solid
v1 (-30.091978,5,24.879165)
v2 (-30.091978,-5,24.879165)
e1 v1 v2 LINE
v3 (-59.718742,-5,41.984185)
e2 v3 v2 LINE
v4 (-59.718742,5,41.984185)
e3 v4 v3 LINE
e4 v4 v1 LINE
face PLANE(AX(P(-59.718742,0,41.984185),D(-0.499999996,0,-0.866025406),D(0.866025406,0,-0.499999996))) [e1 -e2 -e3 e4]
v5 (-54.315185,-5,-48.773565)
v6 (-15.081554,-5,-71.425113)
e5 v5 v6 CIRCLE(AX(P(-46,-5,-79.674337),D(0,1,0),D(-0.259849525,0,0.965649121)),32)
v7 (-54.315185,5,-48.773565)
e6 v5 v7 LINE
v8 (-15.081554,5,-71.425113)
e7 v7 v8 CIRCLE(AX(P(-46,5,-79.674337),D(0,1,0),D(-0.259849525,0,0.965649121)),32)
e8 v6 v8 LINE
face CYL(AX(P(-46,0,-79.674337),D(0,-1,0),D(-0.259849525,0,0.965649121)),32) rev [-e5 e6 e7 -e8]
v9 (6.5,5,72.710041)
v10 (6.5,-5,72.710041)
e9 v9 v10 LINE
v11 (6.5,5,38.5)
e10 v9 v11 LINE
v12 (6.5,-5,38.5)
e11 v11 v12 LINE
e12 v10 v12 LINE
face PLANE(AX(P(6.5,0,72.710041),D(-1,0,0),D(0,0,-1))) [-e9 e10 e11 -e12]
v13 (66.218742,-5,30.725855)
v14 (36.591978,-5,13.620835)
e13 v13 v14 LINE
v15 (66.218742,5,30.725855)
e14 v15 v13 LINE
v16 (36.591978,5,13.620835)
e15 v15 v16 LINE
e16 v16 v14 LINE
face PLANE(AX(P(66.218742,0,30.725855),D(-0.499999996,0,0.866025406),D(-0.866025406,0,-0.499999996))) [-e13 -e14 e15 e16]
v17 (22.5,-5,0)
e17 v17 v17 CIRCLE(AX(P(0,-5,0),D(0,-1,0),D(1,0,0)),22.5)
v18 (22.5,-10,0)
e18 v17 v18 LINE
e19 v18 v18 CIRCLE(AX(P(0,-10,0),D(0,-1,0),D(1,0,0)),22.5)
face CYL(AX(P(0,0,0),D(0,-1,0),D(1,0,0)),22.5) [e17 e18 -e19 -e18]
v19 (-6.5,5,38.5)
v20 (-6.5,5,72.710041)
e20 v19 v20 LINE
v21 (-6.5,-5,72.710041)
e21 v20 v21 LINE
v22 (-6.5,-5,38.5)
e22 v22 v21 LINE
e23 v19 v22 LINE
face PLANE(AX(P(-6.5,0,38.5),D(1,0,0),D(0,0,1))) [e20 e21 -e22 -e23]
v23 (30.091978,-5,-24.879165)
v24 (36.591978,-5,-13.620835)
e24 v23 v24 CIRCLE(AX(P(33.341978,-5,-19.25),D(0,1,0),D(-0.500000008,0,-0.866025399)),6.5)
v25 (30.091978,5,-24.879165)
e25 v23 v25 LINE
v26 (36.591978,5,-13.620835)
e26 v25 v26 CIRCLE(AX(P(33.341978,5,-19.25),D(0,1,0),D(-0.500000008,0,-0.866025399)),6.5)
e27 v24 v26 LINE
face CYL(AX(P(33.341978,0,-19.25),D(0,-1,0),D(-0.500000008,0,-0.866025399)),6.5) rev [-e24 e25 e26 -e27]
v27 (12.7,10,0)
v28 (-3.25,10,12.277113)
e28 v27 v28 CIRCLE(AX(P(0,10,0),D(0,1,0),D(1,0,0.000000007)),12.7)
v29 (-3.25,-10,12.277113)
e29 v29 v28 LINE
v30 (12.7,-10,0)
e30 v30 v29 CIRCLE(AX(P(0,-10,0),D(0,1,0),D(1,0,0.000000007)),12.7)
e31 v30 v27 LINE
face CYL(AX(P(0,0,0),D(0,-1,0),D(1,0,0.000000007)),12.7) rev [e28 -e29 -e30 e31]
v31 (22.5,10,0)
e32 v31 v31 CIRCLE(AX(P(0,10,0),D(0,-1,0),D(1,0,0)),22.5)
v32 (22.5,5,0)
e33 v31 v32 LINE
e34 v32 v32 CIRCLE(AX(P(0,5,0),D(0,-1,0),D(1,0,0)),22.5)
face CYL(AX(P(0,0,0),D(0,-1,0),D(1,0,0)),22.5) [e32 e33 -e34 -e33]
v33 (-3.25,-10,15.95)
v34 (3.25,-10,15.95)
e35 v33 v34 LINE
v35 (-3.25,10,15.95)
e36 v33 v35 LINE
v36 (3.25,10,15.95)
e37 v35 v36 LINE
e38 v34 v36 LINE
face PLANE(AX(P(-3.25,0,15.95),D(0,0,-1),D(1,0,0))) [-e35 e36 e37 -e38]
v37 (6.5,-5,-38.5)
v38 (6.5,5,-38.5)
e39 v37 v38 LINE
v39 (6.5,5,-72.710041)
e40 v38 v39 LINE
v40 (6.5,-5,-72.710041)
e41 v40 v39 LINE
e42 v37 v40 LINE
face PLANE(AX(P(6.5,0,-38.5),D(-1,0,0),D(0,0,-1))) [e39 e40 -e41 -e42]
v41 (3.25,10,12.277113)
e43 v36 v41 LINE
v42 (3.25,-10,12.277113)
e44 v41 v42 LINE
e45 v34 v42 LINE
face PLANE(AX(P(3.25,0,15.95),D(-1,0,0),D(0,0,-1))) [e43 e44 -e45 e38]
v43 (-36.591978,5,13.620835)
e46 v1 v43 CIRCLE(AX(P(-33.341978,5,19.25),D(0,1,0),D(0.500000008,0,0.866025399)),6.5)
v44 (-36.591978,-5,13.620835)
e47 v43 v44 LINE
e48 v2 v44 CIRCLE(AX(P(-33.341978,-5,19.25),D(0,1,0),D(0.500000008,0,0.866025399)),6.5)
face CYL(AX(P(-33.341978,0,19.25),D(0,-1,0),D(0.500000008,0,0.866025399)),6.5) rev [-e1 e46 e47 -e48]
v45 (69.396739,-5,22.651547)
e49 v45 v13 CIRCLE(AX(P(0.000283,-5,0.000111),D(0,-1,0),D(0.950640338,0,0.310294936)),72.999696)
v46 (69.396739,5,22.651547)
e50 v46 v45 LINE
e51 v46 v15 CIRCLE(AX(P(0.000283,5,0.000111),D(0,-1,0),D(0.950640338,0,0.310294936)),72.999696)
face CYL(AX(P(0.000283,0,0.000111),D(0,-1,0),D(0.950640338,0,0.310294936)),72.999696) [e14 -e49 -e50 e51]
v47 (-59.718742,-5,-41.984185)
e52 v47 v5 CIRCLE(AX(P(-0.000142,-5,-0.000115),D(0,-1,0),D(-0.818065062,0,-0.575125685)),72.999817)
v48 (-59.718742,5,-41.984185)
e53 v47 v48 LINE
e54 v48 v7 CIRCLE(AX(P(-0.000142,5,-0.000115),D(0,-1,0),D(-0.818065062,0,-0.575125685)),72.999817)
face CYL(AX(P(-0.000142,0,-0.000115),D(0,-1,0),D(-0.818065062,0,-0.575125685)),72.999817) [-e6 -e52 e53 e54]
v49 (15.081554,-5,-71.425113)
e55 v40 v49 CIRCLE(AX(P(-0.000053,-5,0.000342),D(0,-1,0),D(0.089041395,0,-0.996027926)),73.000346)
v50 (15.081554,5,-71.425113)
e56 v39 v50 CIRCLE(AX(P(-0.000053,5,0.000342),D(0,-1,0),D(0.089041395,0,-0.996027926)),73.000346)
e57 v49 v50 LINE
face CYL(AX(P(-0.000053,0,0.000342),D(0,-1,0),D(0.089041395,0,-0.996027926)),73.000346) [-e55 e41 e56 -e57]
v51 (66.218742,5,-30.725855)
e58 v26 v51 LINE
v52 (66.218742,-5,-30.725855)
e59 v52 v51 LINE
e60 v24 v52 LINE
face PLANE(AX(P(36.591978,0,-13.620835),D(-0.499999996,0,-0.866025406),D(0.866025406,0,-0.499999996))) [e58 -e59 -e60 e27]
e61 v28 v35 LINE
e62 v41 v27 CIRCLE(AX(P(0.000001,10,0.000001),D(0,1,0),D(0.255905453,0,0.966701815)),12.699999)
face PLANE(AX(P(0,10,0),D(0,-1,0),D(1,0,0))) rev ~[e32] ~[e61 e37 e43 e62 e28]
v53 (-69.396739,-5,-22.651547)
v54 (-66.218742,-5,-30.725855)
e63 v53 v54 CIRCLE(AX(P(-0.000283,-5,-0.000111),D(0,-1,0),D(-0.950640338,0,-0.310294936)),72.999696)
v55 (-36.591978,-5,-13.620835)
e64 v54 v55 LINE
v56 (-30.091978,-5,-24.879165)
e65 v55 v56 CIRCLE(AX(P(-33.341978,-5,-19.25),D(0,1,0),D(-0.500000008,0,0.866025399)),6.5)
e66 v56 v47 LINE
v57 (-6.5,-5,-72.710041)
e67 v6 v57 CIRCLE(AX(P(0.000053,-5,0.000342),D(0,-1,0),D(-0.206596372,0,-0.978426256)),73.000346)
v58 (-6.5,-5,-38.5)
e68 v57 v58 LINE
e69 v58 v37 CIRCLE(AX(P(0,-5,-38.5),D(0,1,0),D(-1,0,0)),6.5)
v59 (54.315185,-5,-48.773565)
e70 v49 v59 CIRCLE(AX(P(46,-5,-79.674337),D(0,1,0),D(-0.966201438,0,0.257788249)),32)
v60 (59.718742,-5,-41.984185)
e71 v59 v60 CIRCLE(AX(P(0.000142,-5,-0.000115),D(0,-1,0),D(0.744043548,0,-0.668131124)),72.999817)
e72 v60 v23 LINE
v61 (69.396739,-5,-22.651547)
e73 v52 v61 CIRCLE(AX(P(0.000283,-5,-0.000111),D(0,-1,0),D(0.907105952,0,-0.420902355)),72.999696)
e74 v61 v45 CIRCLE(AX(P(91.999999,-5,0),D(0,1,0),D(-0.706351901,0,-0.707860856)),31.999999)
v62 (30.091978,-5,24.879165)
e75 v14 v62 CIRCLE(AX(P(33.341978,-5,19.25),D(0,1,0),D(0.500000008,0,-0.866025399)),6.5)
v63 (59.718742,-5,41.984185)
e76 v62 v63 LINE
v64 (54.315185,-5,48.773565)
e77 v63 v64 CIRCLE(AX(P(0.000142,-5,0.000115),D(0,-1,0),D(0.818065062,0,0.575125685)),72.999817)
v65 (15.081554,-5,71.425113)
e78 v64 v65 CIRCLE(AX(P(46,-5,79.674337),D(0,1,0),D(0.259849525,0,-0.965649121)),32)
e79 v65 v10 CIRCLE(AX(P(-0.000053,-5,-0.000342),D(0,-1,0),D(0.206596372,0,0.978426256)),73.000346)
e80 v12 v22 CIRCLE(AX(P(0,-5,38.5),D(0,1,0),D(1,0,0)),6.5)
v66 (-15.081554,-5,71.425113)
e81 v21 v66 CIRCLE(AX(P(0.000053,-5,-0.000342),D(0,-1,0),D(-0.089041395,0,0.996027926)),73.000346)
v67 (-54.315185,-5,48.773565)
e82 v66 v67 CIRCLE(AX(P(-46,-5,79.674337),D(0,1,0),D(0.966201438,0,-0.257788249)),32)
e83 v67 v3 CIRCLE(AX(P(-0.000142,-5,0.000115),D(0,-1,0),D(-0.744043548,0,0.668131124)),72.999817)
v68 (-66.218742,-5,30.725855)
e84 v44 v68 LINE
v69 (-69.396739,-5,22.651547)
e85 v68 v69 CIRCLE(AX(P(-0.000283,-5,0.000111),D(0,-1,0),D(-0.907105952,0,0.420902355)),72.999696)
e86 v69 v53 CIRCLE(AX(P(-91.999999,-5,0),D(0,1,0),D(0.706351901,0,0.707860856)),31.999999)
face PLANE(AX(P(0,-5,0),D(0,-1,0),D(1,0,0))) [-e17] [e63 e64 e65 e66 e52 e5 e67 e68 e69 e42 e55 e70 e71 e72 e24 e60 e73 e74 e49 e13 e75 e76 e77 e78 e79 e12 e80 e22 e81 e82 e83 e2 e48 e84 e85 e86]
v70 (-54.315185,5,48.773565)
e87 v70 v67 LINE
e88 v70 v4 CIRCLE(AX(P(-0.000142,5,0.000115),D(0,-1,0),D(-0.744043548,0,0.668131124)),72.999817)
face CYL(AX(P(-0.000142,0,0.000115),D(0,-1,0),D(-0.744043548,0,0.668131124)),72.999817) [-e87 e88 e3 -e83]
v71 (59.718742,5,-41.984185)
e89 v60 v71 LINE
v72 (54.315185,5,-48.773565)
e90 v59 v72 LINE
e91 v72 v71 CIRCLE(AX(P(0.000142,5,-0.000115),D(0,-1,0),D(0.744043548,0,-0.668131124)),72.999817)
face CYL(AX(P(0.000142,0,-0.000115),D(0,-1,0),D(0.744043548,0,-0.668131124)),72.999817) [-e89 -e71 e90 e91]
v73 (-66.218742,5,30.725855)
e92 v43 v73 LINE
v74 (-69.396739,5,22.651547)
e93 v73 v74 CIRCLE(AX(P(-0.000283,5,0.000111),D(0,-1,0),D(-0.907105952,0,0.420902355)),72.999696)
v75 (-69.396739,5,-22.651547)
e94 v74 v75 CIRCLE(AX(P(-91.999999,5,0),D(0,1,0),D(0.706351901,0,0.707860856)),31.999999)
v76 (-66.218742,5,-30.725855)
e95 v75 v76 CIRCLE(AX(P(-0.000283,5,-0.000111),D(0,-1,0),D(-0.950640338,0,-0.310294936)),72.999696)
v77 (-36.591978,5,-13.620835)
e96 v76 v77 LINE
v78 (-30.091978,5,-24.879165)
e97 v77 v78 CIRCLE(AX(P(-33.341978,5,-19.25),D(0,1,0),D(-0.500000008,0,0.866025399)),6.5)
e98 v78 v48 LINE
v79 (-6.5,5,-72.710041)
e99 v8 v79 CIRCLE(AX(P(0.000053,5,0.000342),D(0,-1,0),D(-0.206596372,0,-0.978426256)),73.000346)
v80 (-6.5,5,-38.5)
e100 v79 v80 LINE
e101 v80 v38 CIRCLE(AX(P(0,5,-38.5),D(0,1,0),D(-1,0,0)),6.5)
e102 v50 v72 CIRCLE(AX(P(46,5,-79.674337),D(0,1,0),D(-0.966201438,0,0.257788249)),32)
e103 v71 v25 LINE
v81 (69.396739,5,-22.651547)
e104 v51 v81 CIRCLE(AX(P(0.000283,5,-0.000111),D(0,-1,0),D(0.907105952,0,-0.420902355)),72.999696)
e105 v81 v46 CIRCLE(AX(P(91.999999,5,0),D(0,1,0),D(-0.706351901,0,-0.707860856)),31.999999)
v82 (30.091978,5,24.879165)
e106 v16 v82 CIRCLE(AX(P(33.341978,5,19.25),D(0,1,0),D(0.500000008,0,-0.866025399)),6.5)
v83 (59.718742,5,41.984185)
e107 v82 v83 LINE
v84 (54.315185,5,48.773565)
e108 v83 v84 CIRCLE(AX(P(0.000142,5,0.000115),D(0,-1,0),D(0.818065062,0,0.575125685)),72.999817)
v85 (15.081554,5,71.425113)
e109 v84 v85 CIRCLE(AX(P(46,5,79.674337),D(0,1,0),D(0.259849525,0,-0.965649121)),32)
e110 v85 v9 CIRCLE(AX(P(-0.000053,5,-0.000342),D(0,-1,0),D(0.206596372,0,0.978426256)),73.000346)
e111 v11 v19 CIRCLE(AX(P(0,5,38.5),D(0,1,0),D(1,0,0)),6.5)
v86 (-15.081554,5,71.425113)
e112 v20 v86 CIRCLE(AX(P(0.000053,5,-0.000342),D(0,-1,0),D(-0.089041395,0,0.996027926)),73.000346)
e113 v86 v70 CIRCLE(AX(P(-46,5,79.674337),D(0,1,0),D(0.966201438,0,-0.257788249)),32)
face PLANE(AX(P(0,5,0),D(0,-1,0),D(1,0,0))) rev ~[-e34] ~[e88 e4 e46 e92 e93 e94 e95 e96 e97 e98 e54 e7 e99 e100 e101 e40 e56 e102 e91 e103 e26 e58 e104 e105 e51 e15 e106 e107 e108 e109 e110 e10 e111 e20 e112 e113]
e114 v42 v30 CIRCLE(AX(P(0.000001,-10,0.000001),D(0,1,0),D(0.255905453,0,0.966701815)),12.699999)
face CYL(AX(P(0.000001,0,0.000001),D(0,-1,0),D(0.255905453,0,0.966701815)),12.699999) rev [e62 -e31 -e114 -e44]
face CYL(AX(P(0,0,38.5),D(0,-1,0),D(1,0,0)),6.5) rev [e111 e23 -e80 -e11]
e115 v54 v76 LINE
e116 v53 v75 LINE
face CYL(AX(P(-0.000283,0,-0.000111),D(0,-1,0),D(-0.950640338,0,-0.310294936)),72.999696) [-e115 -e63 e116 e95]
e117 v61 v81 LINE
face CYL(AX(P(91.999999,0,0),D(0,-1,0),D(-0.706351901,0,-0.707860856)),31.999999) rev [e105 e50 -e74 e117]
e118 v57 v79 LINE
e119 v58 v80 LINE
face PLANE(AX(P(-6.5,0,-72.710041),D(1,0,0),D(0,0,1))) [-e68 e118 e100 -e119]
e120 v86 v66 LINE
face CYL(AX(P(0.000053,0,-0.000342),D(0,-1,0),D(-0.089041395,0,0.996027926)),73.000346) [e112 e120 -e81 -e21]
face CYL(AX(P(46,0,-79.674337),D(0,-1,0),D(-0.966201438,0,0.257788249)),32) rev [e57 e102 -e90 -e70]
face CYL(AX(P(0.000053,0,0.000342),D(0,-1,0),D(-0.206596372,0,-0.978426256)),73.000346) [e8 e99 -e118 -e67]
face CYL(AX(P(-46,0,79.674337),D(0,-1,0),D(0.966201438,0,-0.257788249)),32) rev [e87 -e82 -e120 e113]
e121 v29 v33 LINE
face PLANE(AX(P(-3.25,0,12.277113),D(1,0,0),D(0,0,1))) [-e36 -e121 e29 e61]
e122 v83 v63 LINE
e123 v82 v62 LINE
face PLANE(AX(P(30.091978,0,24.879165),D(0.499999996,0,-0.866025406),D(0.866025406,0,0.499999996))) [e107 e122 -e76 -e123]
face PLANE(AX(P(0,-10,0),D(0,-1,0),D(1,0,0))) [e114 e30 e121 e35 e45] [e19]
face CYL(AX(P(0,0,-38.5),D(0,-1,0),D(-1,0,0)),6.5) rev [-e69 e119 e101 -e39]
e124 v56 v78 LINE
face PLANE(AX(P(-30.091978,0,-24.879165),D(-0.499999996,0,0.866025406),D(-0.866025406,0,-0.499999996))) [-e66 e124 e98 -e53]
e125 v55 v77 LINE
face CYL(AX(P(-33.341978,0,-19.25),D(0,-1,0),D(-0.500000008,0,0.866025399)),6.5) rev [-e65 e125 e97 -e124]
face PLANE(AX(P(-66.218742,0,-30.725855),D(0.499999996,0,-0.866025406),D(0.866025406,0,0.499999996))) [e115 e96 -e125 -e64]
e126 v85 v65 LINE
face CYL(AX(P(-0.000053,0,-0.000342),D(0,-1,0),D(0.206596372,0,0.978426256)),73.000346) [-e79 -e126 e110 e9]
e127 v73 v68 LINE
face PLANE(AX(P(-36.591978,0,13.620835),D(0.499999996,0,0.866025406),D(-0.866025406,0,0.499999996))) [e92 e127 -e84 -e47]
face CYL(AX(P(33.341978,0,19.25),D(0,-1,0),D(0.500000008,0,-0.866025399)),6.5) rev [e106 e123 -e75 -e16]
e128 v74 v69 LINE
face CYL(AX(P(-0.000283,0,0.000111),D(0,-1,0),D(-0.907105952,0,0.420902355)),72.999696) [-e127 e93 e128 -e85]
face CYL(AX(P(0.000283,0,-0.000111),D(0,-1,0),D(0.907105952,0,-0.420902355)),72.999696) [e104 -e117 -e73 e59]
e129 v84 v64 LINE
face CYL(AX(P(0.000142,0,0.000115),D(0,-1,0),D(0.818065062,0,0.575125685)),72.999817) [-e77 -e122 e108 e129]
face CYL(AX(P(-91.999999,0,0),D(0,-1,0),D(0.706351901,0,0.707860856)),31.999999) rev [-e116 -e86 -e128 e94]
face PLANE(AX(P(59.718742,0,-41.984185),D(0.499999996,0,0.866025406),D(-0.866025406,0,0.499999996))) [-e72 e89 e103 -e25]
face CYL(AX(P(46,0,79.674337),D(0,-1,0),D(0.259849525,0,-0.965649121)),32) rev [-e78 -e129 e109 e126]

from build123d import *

# Parameters (mm, degrees)
F0_R     = 22.5
F1_DEPTH = 10
F2_R     = 22.5
F3_DEPTH = 5


with BuildPart() as f1:
    # F0 (on Front) → F1 (new body, symmetric)
    with BuildSketch(Plane.XZ):
        Circle(F0_R)
        with BuildLine():
            ThreePointArc((3.25, 12.277113), (10.063921, 7.746451), (12.7, 0))
            ThreePointArc((12.7, 0), (-7.746451, -10.063921), (-3.25, 12.277113))
            Line((-3.25, 12.277113), (-3.25, 15.95))
            Line((-3.25, 15.95), (0, 15.95))
            Line((0, 15.95), (3.25, 15.95))
            Line((3.25, 15.95), (3.25, 12.277113))
        make_face(mode=Mode.SUBTRACT)
    extrude(amount=F1_DEPTH, both=True)

    # F2 (on Front) → F3 (join, symmetric)
    with BuildSketch(Plane.XZ):
        with BuildLine():
            ThreePointArc((69.396739, -22.651547), (60, 0), (69.396739, 22.651547))
            ThreePointArc((69.396739, 22.651547), (67.927817, 26.735963), (66.218742, 30.725855))
            Line((66.218742, 30.725855), (36.591978, 13.620835))
            ThreePointArc((36.591978, 13.620835), (27.712813, 16), (30.091978, 24.879165))
            Line((30.091978, 24.879165), (59.718742, 41.984185))
            ThreePointArc((59.718742, 41.984185), (57.117931, 45.459234), (54.315185, 48.773565))
            ThreePointArc((54.315185, 48.773565), (30, 51.961524), (15.081554, 71.425113))
            ThreePointArc((15.081554, 71.425113), (10.809886, 72.195196), (6.5, 72.710041))
            Line((6.5, 72.710041), (6.5, 38.5))
            ThreePointArc((6.5, 38.5), (0, 32), (-6.5, 38.5))
            Line((-6.5, 38.5), (-6.5, 72.710041))
            ThreePointArc((-6.5, 72.710041), (-10.809886, 72.195196), (-15.081554, 71.425113))
            ThreePointArc((-15.081554, 71.425113), (-30, 51.961524), (-54.315185, 48.773565))
            ThreePointArc((-54.315185, 48.773565), (-57.117931, 45.459234), (-59.718742, 41.984185))
            Line((-59.718742, 41.984185), (-30.091978, 24.879165))
            ThreePointArc((-30.091978, 24.879165), (-27.712813, 16), (-36.591978, 13.620835))
            Line((-36.591978, 13.620835), (-66.218742, 30.725855))
            ThreePointArc((-66.218742, 30.725855), (-67.927817, 26.735963), (-69.396739, 22.651547))
            ThreePointArc((-69.396739, 22.651547), (-60, 0), (-69.396739, -22.651547))
            ThreePointArc((-69.396739, -22.651547), (-67.927817, -26.735963), (-66.218742, -30.725855))
            Line((-66.218742, -30.725855), (-36.591978, -13.620835))
            ThreePointArc((-36.591978, -13.620835), (-27.712813, -16), (-30.091978, -24.879165))
            Line((-30.091978, -24.879165), (-59.718742, -41.984185))
            ThreePointArc((-59.718742, -41.984185), (-57.117931, -45.459234), (-54.315185, -48.773565))
            ThreePointArc((-54.315185, -48.773565), (-30, -51.961524), (-15.081554, -71.425113))
            ThreePointArc((-15.081554, -71.425113), (-10.809886, -72.195196), (-6.5, -72.710041))
            Line((-6.5, -72.710041), (-6.5, -38.5))
            ThreePointArc((-6.5, -38.5), (0, -32), (6.5, -38.5))
            Line((6.5, -38.5), (6.5, -72.710041))
            ThreePointArc((6.5, -72.710041), (10.809886, -72.195196), (15.081554, -71.425113))
            ThreePointArc((15.081554, -71.425113), (30, -51.961524), (54.315185, -48.773565))
            ThreePointArc((54.315185, -48.773565), (57.117931, -45.459234), (59.718742, -41.984185))
            Line((59.718742, -41.984185), (30.091978, -24.879165))
            ThreePointArc((30.091978, -24.879165), (27.712813, -16), (36.591978, -13.620835))
            Line((36.591978, -13.620835), (66.218742, -30.725855))
            ThreePointArc((66.218742, -30.725855), (67.927817, -26.735963), (69.396739, -22.651547))
        make_face()
        Circle(F2_R, mode=Mode.SUBTRACT)
    extrude(amount=F3_DEPTH, both=True)


solid = f1.part
